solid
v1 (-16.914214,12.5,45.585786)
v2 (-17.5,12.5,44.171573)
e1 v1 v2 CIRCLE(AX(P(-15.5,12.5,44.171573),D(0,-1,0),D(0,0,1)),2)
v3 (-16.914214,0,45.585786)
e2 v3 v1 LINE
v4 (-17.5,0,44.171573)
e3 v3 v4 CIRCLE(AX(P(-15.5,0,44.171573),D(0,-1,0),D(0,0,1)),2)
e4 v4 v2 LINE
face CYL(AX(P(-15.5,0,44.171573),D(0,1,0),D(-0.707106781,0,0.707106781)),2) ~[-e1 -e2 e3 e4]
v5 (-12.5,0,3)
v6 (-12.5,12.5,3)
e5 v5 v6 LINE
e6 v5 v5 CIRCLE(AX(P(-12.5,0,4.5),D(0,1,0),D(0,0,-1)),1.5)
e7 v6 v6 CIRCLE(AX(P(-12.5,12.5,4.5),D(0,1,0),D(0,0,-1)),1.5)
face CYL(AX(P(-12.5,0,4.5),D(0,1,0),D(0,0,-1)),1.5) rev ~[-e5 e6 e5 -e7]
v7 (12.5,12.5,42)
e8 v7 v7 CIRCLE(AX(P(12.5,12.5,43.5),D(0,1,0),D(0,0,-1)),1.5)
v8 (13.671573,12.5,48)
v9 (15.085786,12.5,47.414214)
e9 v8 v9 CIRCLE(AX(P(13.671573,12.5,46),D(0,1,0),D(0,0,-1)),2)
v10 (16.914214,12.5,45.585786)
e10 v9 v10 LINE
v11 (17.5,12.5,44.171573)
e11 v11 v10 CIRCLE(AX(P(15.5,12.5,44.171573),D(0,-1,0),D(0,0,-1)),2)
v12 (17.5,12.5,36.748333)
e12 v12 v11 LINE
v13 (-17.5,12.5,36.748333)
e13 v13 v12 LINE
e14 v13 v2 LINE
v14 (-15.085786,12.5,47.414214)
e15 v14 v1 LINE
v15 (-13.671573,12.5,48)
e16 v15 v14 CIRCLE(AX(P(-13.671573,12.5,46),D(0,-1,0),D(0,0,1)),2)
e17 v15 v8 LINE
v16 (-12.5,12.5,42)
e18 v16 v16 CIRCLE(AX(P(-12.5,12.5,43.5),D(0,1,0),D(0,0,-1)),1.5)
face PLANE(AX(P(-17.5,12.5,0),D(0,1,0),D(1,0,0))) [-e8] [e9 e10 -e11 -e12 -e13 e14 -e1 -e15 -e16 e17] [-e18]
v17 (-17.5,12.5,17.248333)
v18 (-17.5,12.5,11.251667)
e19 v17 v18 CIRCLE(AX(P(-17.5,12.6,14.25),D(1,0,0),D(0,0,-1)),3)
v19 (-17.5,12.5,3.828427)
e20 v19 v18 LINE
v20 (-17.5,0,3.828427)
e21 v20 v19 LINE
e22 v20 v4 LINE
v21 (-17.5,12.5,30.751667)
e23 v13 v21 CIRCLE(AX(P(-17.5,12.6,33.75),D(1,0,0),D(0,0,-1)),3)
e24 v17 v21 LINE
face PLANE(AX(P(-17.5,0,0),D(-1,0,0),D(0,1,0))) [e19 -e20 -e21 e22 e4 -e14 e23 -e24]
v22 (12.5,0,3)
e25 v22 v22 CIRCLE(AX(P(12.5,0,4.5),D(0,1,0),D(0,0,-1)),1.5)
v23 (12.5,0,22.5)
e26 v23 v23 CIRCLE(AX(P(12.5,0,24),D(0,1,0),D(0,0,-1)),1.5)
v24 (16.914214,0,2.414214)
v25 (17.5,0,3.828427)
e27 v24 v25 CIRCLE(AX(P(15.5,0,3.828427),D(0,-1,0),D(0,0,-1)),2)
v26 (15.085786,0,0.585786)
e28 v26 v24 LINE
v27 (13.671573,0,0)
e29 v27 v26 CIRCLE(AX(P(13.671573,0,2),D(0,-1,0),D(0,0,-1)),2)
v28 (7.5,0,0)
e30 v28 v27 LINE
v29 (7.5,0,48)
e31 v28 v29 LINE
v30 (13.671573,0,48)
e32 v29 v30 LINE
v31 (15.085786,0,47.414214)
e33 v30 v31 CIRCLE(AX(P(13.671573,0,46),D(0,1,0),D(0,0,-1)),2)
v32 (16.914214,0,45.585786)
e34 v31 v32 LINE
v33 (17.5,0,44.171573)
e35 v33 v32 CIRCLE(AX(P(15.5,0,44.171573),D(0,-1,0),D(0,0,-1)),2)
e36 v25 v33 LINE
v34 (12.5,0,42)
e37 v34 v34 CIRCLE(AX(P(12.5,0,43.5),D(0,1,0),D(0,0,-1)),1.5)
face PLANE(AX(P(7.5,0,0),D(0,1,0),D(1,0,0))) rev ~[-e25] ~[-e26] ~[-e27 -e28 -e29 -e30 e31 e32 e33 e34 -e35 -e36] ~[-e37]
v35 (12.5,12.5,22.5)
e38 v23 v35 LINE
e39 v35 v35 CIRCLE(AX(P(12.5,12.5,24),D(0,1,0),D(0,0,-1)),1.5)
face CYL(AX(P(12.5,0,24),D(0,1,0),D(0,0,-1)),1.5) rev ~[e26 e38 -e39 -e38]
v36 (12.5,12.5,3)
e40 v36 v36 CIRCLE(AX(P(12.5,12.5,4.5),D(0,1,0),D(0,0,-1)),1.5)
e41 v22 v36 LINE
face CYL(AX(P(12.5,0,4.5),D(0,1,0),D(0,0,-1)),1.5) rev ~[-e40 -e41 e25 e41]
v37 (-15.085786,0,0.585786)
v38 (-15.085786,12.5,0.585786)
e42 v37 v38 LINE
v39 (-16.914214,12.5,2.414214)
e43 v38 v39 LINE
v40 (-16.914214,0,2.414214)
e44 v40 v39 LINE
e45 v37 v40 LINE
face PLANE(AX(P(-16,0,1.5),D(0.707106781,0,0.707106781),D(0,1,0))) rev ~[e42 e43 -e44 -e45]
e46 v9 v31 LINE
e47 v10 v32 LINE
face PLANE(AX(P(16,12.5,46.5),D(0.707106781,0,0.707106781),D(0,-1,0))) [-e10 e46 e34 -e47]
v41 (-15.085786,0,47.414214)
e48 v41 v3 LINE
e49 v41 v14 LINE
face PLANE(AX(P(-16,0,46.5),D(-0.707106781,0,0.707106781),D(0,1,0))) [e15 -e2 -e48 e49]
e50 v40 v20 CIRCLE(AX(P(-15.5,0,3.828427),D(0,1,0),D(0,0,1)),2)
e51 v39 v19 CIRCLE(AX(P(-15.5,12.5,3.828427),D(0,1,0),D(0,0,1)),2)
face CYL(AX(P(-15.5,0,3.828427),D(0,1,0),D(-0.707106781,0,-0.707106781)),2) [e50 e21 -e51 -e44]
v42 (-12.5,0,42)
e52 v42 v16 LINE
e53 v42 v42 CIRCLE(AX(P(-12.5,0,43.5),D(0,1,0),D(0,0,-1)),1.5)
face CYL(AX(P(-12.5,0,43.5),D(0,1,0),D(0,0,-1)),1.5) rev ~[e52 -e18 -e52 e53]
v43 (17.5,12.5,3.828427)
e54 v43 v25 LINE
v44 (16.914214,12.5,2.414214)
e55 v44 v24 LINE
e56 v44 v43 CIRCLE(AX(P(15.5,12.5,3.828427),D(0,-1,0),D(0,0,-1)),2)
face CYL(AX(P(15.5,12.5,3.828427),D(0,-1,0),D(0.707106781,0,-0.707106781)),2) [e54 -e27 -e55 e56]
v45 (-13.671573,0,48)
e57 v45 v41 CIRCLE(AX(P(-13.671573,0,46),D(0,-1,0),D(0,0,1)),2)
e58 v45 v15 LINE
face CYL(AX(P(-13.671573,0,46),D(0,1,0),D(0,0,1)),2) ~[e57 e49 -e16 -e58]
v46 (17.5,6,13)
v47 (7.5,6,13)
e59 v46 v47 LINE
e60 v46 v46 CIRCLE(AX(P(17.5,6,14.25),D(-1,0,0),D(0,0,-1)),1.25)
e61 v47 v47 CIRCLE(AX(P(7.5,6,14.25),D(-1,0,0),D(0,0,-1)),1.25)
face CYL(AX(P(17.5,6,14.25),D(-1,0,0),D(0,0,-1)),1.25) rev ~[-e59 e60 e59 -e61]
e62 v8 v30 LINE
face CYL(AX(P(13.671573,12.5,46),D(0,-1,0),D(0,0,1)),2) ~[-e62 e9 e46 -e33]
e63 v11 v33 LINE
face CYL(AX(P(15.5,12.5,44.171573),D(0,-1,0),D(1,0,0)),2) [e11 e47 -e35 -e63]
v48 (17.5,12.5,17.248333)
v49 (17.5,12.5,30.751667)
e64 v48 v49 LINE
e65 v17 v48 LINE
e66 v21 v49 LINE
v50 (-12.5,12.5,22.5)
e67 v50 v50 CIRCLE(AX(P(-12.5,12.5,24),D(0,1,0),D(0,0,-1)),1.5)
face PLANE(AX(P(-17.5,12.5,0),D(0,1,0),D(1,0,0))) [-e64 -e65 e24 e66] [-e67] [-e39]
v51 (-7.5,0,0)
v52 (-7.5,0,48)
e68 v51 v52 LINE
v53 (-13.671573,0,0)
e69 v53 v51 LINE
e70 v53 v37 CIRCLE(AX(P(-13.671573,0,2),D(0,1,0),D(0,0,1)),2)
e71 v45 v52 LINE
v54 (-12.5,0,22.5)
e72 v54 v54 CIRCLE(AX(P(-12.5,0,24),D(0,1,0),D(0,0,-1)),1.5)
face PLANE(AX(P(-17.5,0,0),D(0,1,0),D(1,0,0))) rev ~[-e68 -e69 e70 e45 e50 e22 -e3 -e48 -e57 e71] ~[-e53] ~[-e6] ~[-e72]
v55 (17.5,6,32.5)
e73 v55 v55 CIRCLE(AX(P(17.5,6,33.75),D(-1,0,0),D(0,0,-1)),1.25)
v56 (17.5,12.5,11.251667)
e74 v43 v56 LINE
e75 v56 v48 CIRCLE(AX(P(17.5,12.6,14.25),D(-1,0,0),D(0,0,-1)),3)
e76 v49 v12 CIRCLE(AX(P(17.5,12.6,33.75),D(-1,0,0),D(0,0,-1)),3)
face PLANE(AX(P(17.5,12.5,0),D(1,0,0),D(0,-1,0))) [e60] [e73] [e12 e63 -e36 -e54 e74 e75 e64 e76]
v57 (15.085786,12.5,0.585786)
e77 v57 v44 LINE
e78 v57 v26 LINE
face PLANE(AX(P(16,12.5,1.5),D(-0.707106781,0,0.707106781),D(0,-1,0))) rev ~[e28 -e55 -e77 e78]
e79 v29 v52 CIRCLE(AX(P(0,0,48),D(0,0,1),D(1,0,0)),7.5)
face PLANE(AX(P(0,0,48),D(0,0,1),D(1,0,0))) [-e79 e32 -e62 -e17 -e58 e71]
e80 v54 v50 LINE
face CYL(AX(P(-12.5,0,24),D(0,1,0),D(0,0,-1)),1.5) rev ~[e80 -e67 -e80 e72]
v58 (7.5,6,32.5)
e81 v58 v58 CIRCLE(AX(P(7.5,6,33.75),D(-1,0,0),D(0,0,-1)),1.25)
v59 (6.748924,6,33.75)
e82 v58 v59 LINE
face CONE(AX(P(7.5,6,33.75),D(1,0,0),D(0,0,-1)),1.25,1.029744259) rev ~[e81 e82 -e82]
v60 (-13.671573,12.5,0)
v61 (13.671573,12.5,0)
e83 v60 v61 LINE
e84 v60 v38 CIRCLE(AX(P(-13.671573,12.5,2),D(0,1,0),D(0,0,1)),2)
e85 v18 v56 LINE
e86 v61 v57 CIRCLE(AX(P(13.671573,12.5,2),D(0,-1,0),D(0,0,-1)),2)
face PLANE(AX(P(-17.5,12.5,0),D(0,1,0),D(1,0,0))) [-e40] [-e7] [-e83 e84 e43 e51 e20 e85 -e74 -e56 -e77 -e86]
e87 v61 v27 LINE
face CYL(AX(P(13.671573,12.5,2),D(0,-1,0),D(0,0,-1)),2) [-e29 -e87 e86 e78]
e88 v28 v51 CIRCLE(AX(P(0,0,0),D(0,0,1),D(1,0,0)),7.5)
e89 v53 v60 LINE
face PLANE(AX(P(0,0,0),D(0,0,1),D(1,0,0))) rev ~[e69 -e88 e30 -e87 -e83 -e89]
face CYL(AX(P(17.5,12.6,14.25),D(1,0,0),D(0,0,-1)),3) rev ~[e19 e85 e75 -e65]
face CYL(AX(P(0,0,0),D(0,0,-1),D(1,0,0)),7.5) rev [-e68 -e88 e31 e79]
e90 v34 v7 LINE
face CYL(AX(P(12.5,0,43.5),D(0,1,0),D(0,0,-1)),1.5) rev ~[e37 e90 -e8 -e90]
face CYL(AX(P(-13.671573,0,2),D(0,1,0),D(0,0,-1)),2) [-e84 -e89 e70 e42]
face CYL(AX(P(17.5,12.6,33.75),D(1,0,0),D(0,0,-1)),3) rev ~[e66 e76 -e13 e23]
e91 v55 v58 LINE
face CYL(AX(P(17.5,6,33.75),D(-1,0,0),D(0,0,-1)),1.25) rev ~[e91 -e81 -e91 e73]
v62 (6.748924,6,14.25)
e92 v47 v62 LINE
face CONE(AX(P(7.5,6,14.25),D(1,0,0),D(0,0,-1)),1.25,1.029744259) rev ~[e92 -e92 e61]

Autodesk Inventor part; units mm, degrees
ref_plane "YZ Plane" through (0, 0, 0) normal (1, 0, 0) x (0, 1, 0)
ref_plane "XZ Plane" through (0, 0, 0) normal (0, 1, 0) x (-1, 0, 0)
ref_plane "XY Plane" through (0, 0, 0) normal (0, 0, 1) x (1, 0, 0)
sketch "Sketch1" plane through (0, 0, 0) normal (0, 0, 1) x (1, 0, 0)
  circle A0 centre (0, 0) radius 7.5
  line L0 (-17.5, 0) -> (-7.5, 0)
  line L1 (7.5, 0) -> (17.5, 0)
  line L2 (-17.5, 0) -> (-17.5, 12.5)
  line L3 (-17.5, 12.5) -> (17.5, 12.5)
  line L4 (17.5, 12.5) -> (17.5, 0)
  dimension "d5" = 15
  dimension "d6" = 0
  dimension "d8" = 0
  dimension "d11" = 10
  dimension "d13" = 10
  dimension "d19" = 12.5
  dimension "d76" = 35
extrude "Extrusion1" add sketch "Sketch1" along normal blind 48 contours A0 L0 L2 L3 L4 L1
sketch "Sketch3" plane through (7.5, 0, 0) normal (0, -1, 0) x (1, 0, 0)
  line L0 (10, 0) -> (10, 48) projected
  line L1 (0, 48) -> (10, 48) projected
  line L2 (0, 0) -> (0, 48) projected
  line L3 (0, 0) -> (10, 0) projected
  line L4 (-25, 0) -> (-15, 0) projected
  line L5 (-15, 0) -> (-15, 48) projected
  line L6 (-25, 48) -> (-15, 48) projected
  line L7 (-25, 0) -> (-25, 48) projected
  point P0 (-7.5, 0)
  point P1 (5, 4.5)
  point P2 (5, 24)
  point P3 (5, 43.5)
  point P4 (-20, 43.5)
  point P5 (-20, 4.5)
  point P6 (-20, 24)
  dimension "d31" = 48
  dimension "d35" = 5
  dimension "d44" = 4.5
  dimension "d45" = 4.5
  dimension "d46" = 24
  dimension "d47" = 5
  dimension "d48" = 10
  dimension "d49" = 10
hole "Hole1" at (12.5, 0, 4.5) at (12.5, 0, 24) at (12.5, 0, 43.5) at (-12.5, 0, 43.5) at (-12.5, 0, 4.5) at (-12.5, 0, 24) direction (0, 1, 0) diameter 3 end through all
sketch "Sketch4" plane through (17.5, 0, 0) normal (1, 0, 0) x (0, 0, -1)
  line L0 (0, 0) -> (0, 12.5) projected
  line L1 (0, 12.5) -> (-48, 12.5) projected
  line L2 (-48, 0) -> (-48, 12.5) projected
  line L3 (0, 0) -> (-48, 0) projected
  line L4 (0, 12.5) -> (-48, 12.5) projected
  circle A0 centre (-33.75, 12.6) radius 3
  circle A1 centre (-14.25, 12.6) radius 3
  dimension "d54" = 6
  dimension "d55" = 6
  dimension "d56" = 14.25
  dimension "d57" = 14.25
  dimension "d58" = 0.1
  dimension "d59" = 0.1
extrude "Extrusion3" cut sketch "Sketch4" against normal through all contours A1 L1 | L1 A1 | A0 L1 | L1 A0
chamfer "Chamfer1" distance 3 angle 45 4 edges at (17.5, 6.25, 48) (-17.5, 6.25, 48) (17.5, 6.25, 0) (-17.5, 6.25, 0)
fillet "Fillet2" radius 2 8 edges at (17.5, 6.25, 45) (14.5, 6.25, 48) (-14.5, 6.25, 48) (-17.5, 6.25, 45) (-17.5, 6.25, 3) (-14.5, 6.25, 0) (14.5, 6.25, 0) (17.5, 6.25, 3)
sketch "Sketch5" plane through (17.5, 12.5, 30.7517) normal (1, 0, 0) x (0, 0, -1)
  line L0 (-17.2483, 0) -> (-17.2483, -12.5) projected
  line L1 (30.7517, -12.5) -> (30.7517, 0) projected
  line L2 (26.9232, -12.5) -> (-13.4199, -12.5) projected
  point P0 (-2.9983, -6.5)
  point P1 (16.5017, -6.5)
  dimension "d66" = 6
  dimension "d67" = 14.25
  dimension "d68" = 14.25
hole "Hole2" at (17.5, 6, 33.75) at (17.5, 6, 14.25) direction (-1, 0, 0) diameter 2.5 depth 10 tip angle 118
equation "\"d13\" = d11"
equation "\"d35\" = 0.5 * d48"
equation "\"d45\" = d44"
equation "\"d46\" = 0.5 * d31"
equation "\"d47\" = d35"
equation "\"d57\" = d56"
equation "\"d68\" = d67"
properties part number "3DP_PLA_X_end_top_half" material "ABS Plastic"
